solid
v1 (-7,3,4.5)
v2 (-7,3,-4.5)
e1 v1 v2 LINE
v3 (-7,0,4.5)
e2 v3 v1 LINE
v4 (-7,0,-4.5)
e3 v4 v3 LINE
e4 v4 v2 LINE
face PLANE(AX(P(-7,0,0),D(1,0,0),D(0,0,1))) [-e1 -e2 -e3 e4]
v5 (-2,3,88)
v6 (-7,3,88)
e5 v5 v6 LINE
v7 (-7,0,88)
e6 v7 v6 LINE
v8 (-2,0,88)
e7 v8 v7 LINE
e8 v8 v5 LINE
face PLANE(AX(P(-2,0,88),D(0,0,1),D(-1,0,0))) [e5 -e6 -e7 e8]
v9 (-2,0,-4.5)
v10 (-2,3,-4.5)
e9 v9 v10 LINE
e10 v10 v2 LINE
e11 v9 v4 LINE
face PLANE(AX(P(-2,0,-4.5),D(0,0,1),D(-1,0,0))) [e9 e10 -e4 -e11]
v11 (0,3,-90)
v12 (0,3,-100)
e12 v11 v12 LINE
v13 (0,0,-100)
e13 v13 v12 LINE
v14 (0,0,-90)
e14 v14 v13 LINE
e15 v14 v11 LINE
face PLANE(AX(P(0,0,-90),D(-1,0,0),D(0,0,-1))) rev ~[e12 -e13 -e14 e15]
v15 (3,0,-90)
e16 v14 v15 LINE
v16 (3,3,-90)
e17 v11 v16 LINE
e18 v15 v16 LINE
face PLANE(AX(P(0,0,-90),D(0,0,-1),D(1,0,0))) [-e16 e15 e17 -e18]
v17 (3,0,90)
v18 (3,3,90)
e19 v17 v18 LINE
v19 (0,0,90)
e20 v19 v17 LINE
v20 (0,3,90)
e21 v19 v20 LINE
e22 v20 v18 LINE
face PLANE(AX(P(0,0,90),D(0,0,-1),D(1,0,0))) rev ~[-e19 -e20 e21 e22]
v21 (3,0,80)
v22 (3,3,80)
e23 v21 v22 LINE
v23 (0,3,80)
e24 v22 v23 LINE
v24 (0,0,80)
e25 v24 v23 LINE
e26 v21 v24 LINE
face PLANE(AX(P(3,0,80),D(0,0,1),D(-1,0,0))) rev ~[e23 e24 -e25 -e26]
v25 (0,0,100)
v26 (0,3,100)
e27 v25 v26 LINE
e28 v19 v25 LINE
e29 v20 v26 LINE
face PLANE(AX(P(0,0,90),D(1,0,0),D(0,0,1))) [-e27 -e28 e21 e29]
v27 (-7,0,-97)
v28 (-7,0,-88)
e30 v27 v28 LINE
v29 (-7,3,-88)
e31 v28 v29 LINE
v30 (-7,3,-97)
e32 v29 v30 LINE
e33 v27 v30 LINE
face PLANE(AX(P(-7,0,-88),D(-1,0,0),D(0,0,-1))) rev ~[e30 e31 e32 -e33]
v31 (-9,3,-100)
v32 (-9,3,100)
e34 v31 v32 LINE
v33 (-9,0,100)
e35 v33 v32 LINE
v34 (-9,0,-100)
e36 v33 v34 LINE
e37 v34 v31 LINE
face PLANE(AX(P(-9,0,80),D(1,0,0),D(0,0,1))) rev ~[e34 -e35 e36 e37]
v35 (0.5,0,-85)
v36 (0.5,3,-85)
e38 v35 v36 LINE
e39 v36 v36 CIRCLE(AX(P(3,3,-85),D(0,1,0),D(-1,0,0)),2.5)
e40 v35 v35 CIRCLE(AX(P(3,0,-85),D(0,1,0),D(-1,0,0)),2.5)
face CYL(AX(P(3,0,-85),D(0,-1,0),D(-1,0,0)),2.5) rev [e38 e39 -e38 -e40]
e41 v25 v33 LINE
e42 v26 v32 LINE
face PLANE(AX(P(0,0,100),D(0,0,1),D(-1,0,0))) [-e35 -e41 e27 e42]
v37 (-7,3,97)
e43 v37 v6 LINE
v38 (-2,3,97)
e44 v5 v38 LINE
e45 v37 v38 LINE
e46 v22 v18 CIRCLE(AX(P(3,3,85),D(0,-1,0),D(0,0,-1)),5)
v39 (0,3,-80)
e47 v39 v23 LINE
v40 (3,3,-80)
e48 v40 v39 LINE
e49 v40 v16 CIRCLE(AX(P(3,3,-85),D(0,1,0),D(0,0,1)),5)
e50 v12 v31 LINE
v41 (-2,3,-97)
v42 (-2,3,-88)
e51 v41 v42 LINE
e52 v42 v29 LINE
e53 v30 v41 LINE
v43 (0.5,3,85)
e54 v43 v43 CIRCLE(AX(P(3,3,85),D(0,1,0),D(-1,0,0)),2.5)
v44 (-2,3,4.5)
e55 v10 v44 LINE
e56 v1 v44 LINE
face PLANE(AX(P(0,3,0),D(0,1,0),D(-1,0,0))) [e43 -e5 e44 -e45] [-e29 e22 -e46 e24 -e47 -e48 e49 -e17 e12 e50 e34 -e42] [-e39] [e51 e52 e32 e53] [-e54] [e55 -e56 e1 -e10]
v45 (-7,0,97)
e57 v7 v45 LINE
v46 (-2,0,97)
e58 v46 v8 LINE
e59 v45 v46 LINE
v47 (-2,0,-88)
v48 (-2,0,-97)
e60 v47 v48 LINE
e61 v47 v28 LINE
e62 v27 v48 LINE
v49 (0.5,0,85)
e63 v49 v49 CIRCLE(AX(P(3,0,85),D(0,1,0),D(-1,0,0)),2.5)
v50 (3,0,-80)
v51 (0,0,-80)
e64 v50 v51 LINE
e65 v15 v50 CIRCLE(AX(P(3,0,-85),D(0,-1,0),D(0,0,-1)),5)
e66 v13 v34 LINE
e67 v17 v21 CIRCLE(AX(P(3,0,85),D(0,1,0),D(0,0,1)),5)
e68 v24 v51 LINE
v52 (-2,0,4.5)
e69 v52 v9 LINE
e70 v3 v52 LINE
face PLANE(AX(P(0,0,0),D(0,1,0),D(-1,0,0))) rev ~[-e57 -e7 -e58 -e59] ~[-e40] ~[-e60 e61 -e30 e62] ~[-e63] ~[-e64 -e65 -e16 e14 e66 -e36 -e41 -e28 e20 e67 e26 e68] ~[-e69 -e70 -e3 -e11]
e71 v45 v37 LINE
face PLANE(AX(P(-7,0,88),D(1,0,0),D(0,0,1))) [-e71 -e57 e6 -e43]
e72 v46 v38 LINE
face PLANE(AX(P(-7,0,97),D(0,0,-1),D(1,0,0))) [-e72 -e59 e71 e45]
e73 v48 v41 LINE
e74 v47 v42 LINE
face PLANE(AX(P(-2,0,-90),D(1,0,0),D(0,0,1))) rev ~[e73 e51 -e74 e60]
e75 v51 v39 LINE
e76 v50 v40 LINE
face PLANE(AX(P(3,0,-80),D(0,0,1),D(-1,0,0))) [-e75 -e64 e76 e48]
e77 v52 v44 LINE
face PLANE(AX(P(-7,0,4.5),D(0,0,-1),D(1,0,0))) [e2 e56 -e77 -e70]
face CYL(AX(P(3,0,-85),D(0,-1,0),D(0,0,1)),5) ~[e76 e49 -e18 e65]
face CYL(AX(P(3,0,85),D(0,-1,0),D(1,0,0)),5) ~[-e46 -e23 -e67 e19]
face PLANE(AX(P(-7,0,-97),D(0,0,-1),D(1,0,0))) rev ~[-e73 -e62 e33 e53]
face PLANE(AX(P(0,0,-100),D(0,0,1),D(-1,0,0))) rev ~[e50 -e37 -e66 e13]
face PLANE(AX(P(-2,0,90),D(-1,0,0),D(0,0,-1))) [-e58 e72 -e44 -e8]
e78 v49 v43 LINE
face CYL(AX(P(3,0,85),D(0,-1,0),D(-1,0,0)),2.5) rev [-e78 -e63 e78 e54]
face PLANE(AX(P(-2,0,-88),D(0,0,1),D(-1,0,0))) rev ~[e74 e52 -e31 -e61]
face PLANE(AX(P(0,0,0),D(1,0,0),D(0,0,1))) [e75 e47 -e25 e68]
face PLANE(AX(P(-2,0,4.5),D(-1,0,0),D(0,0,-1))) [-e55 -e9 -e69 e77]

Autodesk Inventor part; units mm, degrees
ref_plane "YZ Plane" through (0, 0, 0) normal (1, 0, 0) x (0, 1, 0)
ref_plane "XZ Plane" through (0, 0, 0) normal (0, 1, 0) x (-1, 0, 0)
ref_plane "XY Plane" through (0, 0, 0) normal (0, 0, 1) x (1, 0, 0)
sketch "草圖1" plane through (0, 0, 0) normal (0, 1, 0) x (-1, 0, 0)
  line L0 (0, 80) -> (9, 80)
  line L1 (9, 80) -> (9, -80)
  line L2 (9, -80) -> (0, -80)
  line L3 (0, -80) -> (0, 80)
  line L4 (7, 4.5) -> (2, 4.5)
  line L5 (2, 4.5) -> (2, -4.5)
  line L6 (2, -4.5) -> (7, -4.5)
  line L7 (7, -4.5) -> (7, 4.5)
  line L8 (9, 80) -> (9, 90)
  line L9 (9, 90) -> (-3, 90)
  line L10 (-8, 85) -> (-8, 85)
  line L11 (-3, 80) -> (0, 80)
  arc A0 (-8, 85) -> (-3, 80) centre (-3, 85) ccw
  arc A1 (-3, 90) -> (-8, 85) centre (-3, 85) ccw
  circle A2 centre (-3, 85) radius 2.5
  line L12 (9, 0) -> (0, 0)
  line L13 (9, -80) -> (9, -90)
  line L14 (9, -90) -> (-3, -90)
  line L15 (-3, -80) -> (0, -80)
  arc A3 (-3, -80) -> (-8, -85) centre (-3, -85) ccw
  arc A4 (-8, -85) -> (-3, -90) centre (-3, -85) ccw
  circle A5 centre (-3, -85) radius 2.5
  line L16 (9, 90) -> (0, 90)
  line L17 (0, 90) -> (0, 100)
  line L18 (0, 100) -> (9, 100)
  line L19 (9, 100) -> (9, 90)
  line L20 (9, -90) -> (0, -90)
  line L21 (0, -90) -> (0, -100)
  line L22 (0, -100) -> (9, -100)
  line L23 (9, -100) -> (9, -90)
  line L24 (7, 97) -> (2, 97)
  line L25 (2, 97) -> (2, 88)
  line L26 (2, 88) -> (7, 88)
  line L27 (7, 88) -> (7, 97)
  line L28 (7, -97) -> (2, -97)
  line L29 (2, -97) -> (2, -88)
  line L30 (2, -88) -> (7, -88)
  line L31 (7, -88) -> (7, -97)
  point P0 (7, 0)
  point P1 (4.5, 4.5)
  point P2 (4.5, 80)
  point P3 (-8, 90)
  point P4 (-8, -90)
  point P5 (-8, -85)
  point P6 (0, -90)
  point P7 (4.5, 97)
  point P8 (4.5, 100)
  point P9 (4.5, -97)
  dimension "d0" = 160
  dimension "d1" = 9
  dimension "d2" = 9
  dimension "d3" = 5
  dimension "d4" = 10
  dimension "d5" = 17
  dimension "d6" = 5
  dimension "d7" = 5
  dimension "d8" = 5
  dimension "d11" = 10
  dimension "d12" = 9
  dimension "d13" = 9
  dimension "d14" = 10
  dimension "d15" = 5
  dimension "d16" = 9
  dimension "d17" = 3
extrude "擠出1" add sketch "草圖1" along normal blind 3 contours L11 A0 A1 L9 L25 L26 L27 L8 L0 | L0 L1 L12 L7 L4 L5 L3 | L12 L5 L6 L7 L1 L2 L3 | L9 L27 L24 L25 L17 L18 L19 | L2 L13 L14 L31 L30 L29 A4 A3 L15 | L23 L22 L21 L14 L29 L28 L31
properties part number "upper_Bar"
